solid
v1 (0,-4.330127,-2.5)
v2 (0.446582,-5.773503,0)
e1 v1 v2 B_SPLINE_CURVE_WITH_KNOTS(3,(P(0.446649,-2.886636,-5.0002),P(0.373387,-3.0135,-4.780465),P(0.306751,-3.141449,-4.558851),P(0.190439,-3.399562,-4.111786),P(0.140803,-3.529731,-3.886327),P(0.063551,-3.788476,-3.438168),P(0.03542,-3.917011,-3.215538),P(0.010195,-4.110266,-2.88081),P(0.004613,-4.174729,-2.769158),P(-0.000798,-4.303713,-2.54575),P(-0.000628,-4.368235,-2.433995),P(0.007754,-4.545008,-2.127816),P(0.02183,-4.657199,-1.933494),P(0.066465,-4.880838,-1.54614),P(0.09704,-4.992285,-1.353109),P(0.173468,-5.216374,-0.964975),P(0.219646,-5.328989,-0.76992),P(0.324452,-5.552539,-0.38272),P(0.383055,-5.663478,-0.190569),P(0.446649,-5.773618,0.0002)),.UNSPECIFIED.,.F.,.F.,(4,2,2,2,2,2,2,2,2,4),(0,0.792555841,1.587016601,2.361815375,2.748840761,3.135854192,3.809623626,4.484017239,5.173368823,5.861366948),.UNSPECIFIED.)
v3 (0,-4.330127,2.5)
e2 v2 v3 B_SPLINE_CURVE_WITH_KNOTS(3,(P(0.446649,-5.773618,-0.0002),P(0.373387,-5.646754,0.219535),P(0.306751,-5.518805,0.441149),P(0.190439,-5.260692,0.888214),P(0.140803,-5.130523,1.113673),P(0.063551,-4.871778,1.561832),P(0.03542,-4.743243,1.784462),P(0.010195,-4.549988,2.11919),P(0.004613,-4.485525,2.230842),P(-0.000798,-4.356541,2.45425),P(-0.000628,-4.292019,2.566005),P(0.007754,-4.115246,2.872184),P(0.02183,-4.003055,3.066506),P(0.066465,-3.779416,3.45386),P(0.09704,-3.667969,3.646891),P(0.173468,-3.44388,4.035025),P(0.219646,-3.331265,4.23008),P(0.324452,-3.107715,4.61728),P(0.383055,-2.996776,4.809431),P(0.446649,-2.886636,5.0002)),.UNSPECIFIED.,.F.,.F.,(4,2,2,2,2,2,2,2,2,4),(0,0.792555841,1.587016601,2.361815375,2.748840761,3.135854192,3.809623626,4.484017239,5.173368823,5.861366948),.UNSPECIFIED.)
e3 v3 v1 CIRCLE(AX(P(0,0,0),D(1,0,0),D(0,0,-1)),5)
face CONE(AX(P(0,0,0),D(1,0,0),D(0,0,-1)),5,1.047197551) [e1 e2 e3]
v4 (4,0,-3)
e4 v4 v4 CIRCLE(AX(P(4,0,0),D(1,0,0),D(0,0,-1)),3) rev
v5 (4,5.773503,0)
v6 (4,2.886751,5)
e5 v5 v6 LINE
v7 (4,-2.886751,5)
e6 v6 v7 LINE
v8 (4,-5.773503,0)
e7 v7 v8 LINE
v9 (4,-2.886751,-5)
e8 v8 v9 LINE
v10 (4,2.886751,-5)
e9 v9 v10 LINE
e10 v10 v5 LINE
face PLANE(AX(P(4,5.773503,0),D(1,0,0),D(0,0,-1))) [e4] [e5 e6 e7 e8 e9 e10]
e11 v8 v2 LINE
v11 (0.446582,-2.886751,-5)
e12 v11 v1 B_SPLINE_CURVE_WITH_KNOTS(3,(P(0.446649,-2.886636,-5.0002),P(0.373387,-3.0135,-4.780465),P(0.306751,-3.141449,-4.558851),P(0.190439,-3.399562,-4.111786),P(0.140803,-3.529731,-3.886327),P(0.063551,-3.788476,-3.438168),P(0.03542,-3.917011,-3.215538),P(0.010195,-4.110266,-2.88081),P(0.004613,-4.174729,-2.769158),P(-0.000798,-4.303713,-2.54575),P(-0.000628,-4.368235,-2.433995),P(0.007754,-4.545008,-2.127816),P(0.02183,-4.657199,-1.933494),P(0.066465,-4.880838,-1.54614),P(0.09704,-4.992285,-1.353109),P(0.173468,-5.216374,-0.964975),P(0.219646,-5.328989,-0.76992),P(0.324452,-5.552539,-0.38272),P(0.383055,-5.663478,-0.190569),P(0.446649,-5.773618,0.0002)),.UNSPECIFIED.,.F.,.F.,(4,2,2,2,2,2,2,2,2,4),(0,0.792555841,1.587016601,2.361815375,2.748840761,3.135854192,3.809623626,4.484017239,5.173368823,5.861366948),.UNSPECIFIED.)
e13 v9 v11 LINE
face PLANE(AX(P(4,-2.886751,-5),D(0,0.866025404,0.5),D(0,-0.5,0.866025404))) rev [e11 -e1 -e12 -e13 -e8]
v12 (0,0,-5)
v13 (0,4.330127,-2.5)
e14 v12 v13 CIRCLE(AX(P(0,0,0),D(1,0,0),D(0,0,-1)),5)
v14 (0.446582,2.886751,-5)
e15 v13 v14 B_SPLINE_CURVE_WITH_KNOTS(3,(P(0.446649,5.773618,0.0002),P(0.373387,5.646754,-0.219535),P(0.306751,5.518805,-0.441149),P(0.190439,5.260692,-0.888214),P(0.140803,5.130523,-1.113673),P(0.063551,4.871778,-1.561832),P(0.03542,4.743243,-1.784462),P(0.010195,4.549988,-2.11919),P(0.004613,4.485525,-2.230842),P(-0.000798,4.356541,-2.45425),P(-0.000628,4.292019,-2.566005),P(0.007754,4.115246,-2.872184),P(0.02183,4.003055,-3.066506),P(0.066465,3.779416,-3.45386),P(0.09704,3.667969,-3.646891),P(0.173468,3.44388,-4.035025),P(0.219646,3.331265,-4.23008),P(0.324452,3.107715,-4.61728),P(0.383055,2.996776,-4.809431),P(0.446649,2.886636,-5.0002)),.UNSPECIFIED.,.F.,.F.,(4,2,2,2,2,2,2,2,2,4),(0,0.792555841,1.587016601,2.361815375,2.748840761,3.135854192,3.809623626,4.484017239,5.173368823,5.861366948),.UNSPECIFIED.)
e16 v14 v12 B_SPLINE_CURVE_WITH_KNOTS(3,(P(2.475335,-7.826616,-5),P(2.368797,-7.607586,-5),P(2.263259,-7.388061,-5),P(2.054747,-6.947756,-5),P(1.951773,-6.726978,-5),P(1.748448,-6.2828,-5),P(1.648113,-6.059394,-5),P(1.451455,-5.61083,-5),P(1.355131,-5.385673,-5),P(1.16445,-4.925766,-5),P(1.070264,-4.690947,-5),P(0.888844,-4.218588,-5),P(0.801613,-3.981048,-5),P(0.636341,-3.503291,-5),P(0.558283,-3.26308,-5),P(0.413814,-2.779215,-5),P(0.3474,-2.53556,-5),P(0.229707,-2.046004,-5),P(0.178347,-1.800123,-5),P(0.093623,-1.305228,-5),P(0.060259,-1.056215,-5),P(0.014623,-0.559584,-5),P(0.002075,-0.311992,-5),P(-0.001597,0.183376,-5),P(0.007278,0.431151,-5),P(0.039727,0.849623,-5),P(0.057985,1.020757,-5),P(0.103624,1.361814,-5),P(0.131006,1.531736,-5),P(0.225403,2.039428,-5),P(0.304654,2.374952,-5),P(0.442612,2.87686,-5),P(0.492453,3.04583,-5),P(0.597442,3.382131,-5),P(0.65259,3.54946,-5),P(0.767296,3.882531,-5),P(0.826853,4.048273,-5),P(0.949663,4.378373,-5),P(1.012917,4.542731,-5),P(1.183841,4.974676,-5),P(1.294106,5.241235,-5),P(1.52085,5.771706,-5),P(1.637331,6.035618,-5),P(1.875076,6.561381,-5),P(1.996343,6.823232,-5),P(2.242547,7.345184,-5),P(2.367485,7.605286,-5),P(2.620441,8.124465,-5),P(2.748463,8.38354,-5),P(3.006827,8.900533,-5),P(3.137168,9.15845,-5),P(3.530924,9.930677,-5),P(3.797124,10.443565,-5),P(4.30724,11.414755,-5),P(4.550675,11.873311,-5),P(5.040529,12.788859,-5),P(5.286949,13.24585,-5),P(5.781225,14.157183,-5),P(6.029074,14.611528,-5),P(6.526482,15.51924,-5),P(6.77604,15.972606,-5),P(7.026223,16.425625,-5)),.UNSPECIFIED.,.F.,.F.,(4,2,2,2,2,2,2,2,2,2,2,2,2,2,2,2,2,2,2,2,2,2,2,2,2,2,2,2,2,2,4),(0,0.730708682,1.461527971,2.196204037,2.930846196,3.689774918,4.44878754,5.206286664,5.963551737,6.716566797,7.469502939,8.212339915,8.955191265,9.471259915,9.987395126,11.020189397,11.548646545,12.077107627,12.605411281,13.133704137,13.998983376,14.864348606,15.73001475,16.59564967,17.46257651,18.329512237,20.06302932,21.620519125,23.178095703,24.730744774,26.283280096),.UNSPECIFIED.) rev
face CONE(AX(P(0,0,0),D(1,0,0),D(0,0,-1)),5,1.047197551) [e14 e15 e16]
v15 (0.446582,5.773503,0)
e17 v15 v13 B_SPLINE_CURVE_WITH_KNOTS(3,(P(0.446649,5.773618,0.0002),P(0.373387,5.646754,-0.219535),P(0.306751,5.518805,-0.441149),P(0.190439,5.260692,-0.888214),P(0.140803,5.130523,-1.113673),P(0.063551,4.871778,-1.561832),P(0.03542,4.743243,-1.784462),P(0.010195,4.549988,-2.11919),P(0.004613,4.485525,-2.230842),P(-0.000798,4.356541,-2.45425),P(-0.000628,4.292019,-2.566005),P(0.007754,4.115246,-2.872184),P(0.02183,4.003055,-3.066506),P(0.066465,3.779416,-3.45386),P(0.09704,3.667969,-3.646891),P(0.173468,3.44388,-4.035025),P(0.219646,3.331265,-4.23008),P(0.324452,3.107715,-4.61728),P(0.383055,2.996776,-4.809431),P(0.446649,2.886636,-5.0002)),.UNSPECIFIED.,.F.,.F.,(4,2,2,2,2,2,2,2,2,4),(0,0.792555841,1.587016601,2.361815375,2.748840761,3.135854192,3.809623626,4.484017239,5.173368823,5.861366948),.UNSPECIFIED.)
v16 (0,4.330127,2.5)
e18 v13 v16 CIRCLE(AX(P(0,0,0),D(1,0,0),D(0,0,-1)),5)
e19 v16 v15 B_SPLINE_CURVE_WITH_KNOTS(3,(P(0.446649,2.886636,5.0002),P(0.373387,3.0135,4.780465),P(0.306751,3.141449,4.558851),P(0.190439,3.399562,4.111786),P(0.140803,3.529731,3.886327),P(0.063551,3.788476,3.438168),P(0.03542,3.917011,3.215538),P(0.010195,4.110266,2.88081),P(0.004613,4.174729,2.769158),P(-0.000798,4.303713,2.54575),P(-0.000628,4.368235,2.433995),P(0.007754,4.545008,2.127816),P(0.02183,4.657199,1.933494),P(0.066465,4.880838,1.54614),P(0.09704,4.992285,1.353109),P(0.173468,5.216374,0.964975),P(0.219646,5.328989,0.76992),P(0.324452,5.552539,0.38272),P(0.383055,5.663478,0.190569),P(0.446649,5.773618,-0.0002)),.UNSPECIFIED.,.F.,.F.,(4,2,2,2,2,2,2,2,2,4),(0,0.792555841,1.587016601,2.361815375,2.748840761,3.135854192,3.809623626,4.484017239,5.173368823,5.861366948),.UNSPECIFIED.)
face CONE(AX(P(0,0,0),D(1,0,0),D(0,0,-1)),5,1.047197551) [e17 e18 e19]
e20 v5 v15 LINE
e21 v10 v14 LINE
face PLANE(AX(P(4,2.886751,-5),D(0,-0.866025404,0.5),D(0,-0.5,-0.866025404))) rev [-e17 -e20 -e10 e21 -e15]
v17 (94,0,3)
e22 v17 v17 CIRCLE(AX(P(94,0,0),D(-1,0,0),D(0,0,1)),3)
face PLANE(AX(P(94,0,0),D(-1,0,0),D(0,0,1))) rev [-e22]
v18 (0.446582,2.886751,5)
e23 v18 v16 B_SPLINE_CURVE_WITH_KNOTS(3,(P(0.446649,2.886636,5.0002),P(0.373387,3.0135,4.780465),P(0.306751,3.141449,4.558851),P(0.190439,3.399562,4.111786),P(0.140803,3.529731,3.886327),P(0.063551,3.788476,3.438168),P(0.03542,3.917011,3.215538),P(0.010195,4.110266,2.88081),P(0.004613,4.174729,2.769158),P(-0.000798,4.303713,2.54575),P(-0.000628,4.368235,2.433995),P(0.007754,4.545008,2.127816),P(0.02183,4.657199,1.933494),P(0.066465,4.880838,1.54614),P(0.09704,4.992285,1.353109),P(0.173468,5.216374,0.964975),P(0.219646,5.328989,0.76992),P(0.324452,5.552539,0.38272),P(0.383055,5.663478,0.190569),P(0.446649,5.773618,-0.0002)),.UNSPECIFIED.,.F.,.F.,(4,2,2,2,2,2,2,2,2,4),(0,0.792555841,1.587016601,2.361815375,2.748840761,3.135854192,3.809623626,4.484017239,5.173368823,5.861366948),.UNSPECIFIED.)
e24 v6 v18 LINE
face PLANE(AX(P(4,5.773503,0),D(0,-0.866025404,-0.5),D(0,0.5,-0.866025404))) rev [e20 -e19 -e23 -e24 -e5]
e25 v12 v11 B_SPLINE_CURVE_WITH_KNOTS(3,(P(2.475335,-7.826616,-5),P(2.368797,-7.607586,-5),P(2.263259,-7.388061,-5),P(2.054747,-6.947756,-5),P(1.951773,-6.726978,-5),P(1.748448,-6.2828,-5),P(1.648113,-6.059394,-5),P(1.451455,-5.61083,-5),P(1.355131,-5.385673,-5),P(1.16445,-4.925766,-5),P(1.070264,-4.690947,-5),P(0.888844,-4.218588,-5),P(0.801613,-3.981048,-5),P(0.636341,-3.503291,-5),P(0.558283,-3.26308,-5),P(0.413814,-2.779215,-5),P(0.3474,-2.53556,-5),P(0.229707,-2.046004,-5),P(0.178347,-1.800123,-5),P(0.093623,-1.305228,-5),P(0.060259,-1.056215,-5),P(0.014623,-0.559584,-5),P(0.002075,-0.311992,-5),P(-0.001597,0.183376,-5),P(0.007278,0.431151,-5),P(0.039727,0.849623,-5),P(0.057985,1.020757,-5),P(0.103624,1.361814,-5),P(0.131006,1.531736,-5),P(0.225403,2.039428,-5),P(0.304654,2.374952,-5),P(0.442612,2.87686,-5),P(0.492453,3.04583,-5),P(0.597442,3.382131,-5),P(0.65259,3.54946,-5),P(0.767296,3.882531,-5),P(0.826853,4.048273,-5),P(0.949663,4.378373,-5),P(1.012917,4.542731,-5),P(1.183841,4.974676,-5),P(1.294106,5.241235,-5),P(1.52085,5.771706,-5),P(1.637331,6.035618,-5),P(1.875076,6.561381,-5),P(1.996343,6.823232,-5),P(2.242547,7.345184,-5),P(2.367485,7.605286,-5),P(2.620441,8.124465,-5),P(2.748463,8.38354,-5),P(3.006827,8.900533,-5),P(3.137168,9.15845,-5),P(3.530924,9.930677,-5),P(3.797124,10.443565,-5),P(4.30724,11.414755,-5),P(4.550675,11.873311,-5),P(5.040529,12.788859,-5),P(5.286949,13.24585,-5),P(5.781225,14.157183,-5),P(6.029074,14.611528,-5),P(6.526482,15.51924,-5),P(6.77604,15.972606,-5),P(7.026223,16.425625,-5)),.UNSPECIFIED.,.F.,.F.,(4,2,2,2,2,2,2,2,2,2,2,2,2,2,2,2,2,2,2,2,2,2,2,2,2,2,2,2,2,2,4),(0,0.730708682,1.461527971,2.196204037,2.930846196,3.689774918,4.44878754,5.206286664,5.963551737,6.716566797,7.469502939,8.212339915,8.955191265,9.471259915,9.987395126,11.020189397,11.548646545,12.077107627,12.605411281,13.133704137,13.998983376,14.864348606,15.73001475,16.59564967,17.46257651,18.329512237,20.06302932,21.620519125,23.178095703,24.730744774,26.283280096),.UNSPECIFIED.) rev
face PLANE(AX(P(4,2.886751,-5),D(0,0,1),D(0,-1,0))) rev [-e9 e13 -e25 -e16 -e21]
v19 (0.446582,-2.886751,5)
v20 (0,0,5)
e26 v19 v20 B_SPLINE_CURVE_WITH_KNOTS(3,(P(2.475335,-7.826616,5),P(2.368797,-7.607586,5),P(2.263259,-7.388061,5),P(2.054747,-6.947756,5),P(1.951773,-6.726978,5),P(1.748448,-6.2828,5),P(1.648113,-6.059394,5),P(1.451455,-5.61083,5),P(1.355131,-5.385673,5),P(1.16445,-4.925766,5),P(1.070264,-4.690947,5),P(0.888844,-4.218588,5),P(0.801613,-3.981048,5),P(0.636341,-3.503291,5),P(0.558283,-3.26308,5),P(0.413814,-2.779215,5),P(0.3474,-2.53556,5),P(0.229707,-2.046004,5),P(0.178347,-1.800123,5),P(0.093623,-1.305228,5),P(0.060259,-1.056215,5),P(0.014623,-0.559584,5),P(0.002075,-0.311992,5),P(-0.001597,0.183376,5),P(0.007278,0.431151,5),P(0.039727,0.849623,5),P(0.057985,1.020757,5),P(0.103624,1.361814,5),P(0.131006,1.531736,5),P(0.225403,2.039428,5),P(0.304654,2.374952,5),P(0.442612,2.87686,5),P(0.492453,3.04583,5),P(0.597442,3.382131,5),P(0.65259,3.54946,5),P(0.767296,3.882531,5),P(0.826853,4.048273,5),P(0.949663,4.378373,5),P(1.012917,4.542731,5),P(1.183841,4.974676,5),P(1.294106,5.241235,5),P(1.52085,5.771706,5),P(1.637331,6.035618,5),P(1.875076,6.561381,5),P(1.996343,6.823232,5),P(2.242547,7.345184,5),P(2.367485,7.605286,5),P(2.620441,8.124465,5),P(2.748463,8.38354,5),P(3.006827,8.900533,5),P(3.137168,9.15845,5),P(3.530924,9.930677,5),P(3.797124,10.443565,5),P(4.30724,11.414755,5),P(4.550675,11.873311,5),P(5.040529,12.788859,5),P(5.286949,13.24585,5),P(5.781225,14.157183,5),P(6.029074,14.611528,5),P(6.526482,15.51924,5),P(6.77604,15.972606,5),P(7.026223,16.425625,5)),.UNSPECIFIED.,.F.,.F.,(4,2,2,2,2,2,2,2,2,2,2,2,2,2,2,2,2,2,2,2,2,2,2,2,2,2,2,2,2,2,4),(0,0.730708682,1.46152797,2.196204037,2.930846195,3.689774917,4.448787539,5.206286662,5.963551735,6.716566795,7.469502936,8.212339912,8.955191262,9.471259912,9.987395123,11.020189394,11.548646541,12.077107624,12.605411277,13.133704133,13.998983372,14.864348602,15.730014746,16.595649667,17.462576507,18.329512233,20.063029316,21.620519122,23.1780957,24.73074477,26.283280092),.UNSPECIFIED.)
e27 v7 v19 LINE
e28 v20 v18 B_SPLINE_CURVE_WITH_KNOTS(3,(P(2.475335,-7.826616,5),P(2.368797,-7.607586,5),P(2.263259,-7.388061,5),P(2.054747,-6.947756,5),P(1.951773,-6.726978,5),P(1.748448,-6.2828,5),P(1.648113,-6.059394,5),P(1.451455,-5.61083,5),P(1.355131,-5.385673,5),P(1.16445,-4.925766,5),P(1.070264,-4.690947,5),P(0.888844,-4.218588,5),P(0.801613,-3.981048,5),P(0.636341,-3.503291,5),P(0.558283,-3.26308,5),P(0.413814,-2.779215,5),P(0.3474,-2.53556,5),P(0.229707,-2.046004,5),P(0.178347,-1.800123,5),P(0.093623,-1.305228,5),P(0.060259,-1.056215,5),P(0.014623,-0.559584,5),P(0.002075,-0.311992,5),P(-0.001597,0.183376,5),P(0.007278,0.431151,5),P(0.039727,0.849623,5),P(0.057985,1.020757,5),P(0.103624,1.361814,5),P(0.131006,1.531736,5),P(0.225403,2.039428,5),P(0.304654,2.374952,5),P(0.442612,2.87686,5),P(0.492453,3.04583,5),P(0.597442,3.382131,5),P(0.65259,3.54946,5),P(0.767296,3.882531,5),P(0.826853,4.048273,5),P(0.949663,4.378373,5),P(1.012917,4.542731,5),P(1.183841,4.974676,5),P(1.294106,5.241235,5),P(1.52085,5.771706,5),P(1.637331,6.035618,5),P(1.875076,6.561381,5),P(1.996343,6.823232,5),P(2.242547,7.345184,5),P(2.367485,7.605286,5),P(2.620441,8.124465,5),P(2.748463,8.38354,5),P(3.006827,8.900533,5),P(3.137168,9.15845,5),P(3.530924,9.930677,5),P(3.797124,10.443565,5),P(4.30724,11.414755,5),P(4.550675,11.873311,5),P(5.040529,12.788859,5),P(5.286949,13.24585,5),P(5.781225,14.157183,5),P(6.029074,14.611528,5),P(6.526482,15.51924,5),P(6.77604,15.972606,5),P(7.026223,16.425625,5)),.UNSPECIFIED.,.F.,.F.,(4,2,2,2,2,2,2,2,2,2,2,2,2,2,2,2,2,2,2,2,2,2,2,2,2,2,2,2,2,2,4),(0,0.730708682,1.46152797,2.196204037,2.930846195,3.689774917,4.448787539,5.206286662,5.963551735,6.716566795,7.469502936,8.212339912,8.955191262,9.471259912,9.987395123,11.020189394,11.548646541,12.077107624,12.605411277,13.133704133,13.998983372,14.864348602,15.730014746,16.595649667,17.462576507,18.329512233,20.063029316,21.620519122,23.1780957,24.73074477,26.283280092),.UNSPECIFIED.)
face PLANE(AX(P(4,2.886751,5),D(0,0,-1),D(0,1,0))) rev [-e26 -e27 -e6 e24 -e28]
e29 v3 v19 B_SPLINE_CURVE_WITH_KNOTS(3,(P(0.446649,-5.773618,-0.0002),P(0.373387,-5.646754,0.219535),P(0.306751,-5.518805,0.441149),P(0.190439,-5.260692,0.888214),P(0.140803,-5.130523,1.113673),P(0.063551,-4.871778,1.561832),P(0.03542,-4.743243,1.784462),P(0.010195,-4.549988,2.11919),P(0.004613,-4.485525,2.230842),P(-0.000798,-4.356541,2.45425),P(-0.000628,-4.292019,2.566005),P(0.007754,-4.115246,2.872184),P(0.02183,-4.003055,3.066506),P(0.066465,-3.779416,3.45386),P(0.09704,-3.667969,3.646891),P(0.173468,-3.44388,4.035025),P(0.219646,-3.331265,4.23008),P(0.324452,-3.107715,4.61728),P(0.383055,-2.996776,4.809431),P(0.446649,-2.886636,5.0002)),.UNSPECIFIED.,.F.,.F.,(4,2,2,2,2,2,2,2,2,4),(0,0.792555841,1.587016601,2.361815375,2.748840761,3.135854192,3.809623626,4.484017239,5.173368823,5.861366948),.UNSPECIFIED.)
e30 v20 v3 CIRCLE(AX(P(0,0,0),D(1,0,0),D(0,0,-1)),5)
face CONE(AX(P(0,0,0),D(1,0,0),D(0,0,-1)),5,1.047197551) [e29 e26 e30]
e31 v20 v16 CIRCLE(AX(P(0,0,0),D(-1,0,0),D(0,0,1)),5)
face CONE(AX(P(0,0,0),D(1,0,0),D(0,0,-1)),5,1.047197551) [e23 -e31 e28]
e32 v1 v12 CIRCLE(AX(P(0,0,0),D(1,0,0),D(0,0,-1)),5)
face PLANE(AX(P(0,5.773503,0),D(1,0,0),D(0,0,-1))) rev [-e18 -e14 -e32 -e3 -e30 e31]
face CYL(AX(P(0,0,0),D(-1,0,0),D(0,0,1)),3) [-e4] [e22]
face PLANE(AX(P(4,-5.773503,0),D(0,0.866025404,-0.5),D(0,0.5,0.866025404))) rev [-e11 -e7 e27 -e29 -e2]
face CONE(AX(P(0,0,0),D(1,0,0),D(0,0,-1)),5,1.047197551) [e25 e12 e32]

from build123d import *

# Parameters (mm, degrees)
BASEHEAD_DEPTH = 4
BODYSKE_W      = 94
BODYSKE_H      = 3


with BuildPart() as part:
    # Sketch1 → BaseHead (new body)
    with BuildSketch(Plane(origin=(0, 0, 0), x_dir=(0, 0, -1), z_dir=(1, 0, 0))):
        Polygon((5, 2.886751346), (5, -2.886751346), (0, -5.773502692), (-5, -2.886751346), (-5, 2.886751346), (0, 5.773502692), align=None)
    extrude(amount=BASEHEAD_DEPTH)

    # BodySke → BaseBody (revolve)
    with BuildSketch(Plane.XY):
        with Locations((47, 1.5)):
            Rectangle(BODYSKE_W, BODYSKE_H)
    revolve(axis=Axis((0, 0, 0), (1, 0, 0)))

    # Sketch3 → HeadChamfer (revolve, cut)
    with BuildSketch(Plane.XY):
        Polygon((0, 5), (3.333333333, 10.773502692), (3.333333333, 15.773502692), (-10, 15.773502692), (-10, 5), align=None)
    revolve(axis=Axis((0, 0, 0), (1, 0, 0)), mode=Mode.SUBTRACT)


solid = part.part
